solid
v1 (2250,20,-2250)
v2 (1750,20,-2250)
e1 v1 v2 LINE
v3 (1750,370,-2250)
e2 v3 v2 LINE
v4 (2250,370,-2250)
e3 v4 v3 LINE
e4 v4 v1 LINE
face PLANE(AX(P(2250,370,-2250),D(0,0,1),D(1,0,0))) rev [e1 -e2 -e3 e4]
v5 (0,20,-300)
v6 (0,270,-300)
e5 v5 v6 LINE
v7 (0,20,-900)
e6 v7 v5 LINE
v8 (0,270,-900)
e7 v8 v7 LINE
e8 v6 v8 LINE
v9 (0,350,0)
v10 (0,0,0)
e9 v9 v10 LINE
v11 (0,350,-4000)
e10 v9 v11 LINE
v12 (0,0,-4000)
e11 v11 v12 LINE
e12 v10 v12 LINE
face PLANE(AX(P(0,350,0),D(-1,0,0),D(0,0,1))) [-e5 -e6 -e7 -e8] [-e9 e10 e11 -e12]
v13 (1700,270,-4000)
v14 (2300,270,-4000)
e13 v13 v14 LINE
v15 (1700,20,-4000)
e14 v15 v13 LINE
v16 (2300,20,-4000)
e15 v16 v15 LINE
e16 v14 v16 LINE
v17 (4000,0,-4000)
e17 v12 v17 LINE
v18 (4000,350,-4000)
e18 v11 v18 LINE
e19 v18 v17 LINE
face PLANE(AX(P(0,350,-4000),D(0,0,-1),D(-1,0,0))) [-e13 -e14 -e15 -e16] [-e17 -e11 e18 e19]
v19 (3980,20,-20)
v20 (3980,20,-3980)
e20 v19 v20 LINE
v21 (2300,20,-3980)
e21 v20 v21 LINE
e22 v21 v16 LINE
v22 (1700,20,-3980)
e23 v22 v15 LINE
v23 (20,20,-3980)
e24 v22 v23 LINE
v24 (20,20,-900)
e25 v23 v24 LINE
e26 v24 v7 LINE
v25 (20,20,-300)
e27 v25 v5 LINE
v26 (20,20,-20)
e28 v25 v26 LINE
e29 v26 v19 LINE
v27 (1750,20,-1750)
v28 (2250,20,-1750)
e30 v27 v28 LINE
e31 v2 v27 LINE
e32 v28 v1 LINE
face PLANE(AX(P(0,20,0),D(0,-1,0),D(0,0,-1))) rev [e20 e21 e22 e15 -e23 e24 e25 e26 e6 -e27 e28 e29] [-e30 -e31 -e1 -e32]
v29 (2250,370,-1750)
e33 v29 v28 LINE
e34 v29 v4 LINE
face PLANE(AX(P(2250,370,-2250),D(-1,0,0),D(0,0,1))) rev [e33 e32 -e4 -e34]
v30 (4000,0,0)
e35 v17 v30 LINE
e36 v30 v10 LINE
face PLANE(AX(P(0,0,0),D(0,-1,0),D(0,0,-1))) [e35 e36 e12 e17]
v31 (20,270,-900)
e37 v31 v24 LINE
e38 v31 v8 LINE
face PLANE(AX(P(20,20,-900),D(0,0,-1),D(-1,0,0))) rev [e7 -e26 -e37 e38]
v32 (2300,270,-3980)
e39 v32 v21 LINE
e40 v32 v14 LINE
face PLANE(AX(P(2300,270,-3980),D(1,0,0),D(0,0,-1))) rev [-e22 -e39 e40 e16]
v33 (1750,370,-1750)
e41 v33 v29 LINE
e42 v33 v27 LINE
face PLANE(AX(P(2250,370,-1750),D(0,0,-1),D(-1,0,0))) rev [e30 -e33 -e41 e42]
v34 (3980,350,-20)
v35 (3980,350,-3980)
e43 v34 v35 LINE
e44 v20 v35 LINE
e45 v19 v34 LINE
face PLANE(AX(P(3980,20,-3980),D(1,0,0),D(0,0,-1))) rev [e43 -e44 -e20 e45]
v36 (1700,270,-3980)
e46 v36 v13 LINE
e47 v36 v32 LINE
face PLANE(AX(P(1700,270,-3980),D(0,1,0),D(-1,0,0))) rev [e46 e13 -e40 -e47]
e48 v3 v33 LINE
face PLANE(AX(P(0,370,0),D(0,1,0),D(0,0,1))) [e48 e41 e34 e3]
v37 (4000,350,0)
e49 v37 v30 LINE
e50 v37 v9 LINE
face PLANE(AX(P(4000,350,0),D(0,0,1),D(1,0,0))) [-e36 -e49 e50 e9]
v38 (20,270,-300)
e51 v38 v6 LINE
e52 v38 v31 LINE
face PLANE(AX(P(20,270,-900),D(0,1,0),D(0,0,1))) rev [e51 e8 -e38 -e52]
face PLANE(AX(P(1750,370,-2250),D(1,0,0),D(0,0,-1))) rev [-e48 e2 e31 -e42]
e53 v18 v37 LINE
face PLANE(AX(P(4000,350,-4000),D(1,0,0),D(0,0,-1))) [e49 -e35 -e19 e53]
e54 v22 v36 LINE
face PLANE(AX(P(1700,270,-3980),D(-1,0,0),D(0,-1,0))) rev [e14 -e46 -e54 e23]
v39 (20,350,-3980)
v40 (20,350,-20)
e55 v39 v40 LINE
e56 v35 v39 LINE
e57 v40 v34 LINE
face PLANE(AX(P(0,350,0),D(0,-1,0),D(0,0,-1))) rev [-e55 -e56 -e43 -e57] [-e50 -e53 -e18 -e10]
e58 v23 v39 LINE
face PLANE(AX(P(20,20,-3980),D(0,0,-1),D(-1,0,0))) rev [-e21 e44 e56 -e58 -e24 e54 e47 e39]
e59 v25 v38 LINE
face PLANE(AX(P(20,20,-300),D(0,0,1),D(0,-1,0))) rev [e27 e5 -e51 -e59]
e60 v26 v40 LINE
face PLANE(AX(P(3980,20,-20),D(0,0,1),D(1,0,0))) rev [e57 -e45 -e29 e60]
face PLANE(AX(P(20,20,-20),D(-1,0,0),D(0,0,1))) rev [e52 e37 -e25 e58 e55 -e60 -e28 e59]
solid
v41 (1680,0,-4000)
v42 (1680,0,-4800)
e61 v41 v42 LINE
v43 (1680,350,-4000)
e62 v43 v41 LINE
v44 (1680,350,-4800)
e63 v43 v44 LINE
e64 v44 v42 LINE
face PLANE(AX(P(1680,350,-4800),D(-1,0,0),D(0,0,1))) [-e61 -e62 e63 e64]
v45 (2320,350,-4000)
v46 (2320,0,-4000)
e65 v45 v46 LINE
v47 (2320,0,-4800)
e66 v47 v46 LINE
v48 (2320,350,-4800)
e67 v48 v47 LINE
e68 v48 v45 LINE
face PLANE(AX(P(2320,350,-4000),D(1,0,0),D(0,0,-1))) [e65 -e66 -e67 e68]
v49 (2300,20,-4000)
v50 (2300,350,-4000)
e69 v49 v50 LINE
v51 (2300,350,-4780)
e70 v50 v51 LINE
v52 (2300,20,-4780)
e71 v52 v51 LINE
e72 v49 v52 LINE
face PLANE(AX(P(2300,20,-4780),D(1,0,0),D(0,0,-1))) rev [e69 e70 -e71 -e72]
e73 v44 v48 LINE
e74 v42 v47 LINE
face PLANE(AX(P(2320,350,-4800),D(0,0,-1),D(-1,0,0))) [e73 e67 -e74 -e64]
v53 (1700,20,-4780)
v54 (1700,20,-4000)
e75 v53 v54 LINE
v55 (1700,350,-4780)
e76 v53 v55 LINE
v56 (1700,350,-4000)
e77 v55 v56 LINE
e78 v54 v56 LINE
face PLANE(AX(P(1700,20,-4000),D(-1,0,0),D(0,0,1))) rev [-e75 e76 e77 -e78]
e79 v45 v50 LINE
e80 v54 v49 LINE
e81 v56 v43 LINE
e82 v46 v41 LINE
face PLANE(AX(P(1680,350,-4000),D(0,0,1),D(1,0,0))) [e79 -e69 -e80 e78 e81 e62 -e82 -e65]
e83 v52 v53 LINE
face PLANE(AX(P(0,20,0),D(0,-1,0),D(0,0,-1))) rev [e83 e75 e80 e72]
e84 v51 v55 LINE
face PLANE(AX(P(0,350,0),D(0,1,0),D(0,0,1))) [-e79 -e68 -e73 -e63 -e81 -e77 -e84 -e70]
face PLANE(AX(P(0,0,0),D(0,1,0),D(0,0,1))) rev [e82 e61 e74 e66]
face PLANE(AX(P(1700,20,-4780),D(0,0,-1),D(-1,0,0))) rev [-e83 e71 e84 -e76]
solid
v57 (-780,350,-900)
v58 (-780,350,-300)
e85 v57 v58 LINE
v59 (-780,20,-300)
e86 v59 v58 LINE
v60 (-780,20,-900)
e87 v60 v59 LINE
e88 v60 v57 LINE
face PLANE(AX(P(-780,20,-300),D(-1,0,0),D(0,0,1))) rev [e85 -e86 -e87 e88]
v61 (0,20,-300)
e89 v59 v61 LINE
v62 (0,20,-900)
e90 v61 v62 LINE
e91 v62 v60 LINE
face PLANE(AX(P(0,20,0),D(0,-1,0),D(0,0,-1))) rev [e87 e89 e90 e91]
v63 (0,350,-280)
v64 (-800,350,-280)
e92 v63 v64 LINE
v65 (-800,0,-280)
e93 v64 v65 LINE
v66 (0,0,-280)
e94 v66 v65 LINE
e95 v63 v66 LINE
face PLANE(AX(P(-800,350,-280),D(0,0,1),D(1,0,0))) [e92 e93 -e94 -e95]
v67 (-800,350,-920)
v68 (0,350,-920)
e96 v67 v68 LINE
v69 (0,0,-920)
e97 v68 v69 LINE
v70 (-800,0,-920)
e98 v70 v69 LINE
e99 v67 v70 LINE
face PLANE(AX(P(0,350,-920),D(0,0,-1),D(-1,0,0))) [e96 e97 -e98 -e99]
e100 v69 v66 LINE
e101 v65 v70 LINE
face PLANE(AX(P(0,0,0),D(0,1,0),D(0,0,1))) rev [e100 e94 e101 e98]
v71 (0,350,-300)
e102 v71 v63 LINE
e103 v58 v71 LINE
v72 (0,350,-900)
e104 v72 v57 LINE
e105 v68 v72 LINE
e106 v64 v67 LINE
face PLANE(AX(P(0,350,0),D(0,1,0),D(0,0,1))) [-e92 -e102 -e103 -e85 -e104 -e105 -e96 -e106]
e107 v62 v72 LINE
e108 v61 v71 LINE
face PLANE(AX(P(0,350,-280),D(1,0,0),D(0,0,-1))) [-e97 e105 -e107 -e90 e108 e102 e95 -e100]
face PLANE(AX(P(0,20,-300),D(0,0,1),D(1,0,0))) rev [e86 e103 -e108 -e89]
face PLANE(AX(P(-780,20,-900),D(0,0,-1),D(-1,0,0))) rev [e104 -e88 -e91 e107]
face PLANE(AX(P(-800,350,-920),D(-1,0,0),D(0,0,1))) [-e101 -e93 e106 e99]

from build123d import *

# Parameters (mm, degrees)
SKETCH_1_W          = 4000
SKETCH_1_H          = 4000
EXTRUDE_1_DEPTH     = 350
SKETCH_2_W          = 3960
SKETCH_2_H          = 3960
CUT_EXTRUDE_1_DEPTH = 330
SKETCH_3_W          = 600
SKETCH_3_H          = 250
CUT_EXTRUDE_2_DEPTH = 20
SKETCH_5_W          = 600
SKETCH_5_H          = 250
CUT_EXTRUDE_3_DEPTH = 20
SKETCH_6_W          = 500
SKETCH_6_H          = 500
EXTRUDE_2_DEPTH     = 350
SKETCH_19_W         = 640
SKETCH_19_H         = 800
EXTRUDE_10_DEPTH    = 350
SKETCH_19_W_2       = 800
SKETCH_19_H_2       = 640
EXTRUDE_10_2_DEPTH  = 350
SKETCH_20_W         = 600
SKETCH_20_H         = 780
SKETCH_20_W_2       = 780
SKETCH_20_H_2       = 600
CUT_EXTRUDE_7_DEPTH = 330


with BuildPart() as part:
    # 草图1 → 凸台-拉伸1 (new body)
    with BuildSketch(Plane(origin=(0, 0, 0), x_dir=(1, 0, 0), z_dir=(0, 1, 0))):
        with Locations((2000, 2000)):
            Rectangle(SKETCH_1_W, SKETCH_1_H)
    extrude(amount=EXTRUDE_1_DEPTH)

    # 草图2 → 切除-拉伸1 (cut)
    with BuildSketch(Plane(origin=(0, 350, 0), x_dir=(1, 0, 0), z_dir=(0, 1, 0))):
        with Locations((2000, 2000)):
            Rectangle(SKETCH_2_W, SKETCH_2_H)
    extrude(amount=-CUT_EXTRUDE_1_DEPTH, mode=Mode.SUBTRACT)

    # 草图3 → 切除-拉伸2 (cut)
    with BuildSketch(Plane(origin=(0, 0, -4000), x_dir=(-1, 0, 0), z_dir=(0, 0, -1))):
        with Locations((-2000, 145)):
            Rectangle(SKETCH_3_W, SKETCH_3_H)
    extrude(amount=-CUT_EXTRUDE_2_DEPTH, mode=Mode.SUBTRACT)

    # 草图5 → 切除-拉伸3 (cut)
    with BuildSketch(Plane.ZY):
        with Locations((-600, 145)):
            Rectangle(SKETCH_5_W, SKETCH_5_H)
    extrude(amount=-CUT_EXTRUDE_3_DEPTH, mode=Mode.SUBTRACT)

    # 草图6 → 凸台-拉伸2 (add)
    with BuildSketch(Plane(origin=(0, 20, 0), x_dir=(1, 0, 0), z_dir=(0, 1, 0))):
        with Locations((2000, 2000)):
            Rectangle(SKETCH_6_W, SKETCH_6_H)
    extrude(amount=EXTRUDE_2_DEPTH)


with BuildPart() as body_2:
    # 草图19 → 凸台-拉伸10 (new body)
    with BuildSketch(Plane.XZ):
        with Locations((2000, -4400)):
            Rectangle(SKETCH_19_W, SKETCH_19_H)
    extrude(amount=-EXTRUDE_10_DEPTH)


with BuildPart() as body_3:
    # 草图19 → Extrude 10 2 (new body)
    with BuildSketch(Plane.XZ):
        with Locations((-400, -600)):
            Rectangle(SKETCH_19_W_2, SKETCH_19_H_2)
    extrude(amount=-EXTRUDE_10_2_DEPTH)


with BuildPart() as cut_extrude_7_tool:
    # 草图20 → 切除-拉伸7 (new body)
    with BuildSketch(Plane(origin=(0, 350, 0), x_dir=(1, 0, 0), z_dir=(0, 1, 0))):
        with Locations((2000, 4390)):
            Rectangle(SKETCH_20_W, SKETCH_20_H)
        with Locations((-390, 600)):
            Rectangle(SKETCH_20_W_2, SKETCH_20_H_2)
    extrude(amount=-CUT_EXTRUDE_7_DEPTH)


with BuildPart() as body_2_1:
    add(body_2.part)

    # 切除-拉伸7: cut by cut_extrude_7_tool
    add(cut_extrude_7_tool.part, mode=Mode.SUBTRACT)


with BuildPart() as body_3_1:
    add(body_3.part)

    # 切除-拉伸7: cut by cut_extrude_7_tool
    add(cut_extrude_7_tool.part, mode=Mode.SUBTRACT)


solid = Compound([part.part, body_2_1.part, body_3_1.part])
